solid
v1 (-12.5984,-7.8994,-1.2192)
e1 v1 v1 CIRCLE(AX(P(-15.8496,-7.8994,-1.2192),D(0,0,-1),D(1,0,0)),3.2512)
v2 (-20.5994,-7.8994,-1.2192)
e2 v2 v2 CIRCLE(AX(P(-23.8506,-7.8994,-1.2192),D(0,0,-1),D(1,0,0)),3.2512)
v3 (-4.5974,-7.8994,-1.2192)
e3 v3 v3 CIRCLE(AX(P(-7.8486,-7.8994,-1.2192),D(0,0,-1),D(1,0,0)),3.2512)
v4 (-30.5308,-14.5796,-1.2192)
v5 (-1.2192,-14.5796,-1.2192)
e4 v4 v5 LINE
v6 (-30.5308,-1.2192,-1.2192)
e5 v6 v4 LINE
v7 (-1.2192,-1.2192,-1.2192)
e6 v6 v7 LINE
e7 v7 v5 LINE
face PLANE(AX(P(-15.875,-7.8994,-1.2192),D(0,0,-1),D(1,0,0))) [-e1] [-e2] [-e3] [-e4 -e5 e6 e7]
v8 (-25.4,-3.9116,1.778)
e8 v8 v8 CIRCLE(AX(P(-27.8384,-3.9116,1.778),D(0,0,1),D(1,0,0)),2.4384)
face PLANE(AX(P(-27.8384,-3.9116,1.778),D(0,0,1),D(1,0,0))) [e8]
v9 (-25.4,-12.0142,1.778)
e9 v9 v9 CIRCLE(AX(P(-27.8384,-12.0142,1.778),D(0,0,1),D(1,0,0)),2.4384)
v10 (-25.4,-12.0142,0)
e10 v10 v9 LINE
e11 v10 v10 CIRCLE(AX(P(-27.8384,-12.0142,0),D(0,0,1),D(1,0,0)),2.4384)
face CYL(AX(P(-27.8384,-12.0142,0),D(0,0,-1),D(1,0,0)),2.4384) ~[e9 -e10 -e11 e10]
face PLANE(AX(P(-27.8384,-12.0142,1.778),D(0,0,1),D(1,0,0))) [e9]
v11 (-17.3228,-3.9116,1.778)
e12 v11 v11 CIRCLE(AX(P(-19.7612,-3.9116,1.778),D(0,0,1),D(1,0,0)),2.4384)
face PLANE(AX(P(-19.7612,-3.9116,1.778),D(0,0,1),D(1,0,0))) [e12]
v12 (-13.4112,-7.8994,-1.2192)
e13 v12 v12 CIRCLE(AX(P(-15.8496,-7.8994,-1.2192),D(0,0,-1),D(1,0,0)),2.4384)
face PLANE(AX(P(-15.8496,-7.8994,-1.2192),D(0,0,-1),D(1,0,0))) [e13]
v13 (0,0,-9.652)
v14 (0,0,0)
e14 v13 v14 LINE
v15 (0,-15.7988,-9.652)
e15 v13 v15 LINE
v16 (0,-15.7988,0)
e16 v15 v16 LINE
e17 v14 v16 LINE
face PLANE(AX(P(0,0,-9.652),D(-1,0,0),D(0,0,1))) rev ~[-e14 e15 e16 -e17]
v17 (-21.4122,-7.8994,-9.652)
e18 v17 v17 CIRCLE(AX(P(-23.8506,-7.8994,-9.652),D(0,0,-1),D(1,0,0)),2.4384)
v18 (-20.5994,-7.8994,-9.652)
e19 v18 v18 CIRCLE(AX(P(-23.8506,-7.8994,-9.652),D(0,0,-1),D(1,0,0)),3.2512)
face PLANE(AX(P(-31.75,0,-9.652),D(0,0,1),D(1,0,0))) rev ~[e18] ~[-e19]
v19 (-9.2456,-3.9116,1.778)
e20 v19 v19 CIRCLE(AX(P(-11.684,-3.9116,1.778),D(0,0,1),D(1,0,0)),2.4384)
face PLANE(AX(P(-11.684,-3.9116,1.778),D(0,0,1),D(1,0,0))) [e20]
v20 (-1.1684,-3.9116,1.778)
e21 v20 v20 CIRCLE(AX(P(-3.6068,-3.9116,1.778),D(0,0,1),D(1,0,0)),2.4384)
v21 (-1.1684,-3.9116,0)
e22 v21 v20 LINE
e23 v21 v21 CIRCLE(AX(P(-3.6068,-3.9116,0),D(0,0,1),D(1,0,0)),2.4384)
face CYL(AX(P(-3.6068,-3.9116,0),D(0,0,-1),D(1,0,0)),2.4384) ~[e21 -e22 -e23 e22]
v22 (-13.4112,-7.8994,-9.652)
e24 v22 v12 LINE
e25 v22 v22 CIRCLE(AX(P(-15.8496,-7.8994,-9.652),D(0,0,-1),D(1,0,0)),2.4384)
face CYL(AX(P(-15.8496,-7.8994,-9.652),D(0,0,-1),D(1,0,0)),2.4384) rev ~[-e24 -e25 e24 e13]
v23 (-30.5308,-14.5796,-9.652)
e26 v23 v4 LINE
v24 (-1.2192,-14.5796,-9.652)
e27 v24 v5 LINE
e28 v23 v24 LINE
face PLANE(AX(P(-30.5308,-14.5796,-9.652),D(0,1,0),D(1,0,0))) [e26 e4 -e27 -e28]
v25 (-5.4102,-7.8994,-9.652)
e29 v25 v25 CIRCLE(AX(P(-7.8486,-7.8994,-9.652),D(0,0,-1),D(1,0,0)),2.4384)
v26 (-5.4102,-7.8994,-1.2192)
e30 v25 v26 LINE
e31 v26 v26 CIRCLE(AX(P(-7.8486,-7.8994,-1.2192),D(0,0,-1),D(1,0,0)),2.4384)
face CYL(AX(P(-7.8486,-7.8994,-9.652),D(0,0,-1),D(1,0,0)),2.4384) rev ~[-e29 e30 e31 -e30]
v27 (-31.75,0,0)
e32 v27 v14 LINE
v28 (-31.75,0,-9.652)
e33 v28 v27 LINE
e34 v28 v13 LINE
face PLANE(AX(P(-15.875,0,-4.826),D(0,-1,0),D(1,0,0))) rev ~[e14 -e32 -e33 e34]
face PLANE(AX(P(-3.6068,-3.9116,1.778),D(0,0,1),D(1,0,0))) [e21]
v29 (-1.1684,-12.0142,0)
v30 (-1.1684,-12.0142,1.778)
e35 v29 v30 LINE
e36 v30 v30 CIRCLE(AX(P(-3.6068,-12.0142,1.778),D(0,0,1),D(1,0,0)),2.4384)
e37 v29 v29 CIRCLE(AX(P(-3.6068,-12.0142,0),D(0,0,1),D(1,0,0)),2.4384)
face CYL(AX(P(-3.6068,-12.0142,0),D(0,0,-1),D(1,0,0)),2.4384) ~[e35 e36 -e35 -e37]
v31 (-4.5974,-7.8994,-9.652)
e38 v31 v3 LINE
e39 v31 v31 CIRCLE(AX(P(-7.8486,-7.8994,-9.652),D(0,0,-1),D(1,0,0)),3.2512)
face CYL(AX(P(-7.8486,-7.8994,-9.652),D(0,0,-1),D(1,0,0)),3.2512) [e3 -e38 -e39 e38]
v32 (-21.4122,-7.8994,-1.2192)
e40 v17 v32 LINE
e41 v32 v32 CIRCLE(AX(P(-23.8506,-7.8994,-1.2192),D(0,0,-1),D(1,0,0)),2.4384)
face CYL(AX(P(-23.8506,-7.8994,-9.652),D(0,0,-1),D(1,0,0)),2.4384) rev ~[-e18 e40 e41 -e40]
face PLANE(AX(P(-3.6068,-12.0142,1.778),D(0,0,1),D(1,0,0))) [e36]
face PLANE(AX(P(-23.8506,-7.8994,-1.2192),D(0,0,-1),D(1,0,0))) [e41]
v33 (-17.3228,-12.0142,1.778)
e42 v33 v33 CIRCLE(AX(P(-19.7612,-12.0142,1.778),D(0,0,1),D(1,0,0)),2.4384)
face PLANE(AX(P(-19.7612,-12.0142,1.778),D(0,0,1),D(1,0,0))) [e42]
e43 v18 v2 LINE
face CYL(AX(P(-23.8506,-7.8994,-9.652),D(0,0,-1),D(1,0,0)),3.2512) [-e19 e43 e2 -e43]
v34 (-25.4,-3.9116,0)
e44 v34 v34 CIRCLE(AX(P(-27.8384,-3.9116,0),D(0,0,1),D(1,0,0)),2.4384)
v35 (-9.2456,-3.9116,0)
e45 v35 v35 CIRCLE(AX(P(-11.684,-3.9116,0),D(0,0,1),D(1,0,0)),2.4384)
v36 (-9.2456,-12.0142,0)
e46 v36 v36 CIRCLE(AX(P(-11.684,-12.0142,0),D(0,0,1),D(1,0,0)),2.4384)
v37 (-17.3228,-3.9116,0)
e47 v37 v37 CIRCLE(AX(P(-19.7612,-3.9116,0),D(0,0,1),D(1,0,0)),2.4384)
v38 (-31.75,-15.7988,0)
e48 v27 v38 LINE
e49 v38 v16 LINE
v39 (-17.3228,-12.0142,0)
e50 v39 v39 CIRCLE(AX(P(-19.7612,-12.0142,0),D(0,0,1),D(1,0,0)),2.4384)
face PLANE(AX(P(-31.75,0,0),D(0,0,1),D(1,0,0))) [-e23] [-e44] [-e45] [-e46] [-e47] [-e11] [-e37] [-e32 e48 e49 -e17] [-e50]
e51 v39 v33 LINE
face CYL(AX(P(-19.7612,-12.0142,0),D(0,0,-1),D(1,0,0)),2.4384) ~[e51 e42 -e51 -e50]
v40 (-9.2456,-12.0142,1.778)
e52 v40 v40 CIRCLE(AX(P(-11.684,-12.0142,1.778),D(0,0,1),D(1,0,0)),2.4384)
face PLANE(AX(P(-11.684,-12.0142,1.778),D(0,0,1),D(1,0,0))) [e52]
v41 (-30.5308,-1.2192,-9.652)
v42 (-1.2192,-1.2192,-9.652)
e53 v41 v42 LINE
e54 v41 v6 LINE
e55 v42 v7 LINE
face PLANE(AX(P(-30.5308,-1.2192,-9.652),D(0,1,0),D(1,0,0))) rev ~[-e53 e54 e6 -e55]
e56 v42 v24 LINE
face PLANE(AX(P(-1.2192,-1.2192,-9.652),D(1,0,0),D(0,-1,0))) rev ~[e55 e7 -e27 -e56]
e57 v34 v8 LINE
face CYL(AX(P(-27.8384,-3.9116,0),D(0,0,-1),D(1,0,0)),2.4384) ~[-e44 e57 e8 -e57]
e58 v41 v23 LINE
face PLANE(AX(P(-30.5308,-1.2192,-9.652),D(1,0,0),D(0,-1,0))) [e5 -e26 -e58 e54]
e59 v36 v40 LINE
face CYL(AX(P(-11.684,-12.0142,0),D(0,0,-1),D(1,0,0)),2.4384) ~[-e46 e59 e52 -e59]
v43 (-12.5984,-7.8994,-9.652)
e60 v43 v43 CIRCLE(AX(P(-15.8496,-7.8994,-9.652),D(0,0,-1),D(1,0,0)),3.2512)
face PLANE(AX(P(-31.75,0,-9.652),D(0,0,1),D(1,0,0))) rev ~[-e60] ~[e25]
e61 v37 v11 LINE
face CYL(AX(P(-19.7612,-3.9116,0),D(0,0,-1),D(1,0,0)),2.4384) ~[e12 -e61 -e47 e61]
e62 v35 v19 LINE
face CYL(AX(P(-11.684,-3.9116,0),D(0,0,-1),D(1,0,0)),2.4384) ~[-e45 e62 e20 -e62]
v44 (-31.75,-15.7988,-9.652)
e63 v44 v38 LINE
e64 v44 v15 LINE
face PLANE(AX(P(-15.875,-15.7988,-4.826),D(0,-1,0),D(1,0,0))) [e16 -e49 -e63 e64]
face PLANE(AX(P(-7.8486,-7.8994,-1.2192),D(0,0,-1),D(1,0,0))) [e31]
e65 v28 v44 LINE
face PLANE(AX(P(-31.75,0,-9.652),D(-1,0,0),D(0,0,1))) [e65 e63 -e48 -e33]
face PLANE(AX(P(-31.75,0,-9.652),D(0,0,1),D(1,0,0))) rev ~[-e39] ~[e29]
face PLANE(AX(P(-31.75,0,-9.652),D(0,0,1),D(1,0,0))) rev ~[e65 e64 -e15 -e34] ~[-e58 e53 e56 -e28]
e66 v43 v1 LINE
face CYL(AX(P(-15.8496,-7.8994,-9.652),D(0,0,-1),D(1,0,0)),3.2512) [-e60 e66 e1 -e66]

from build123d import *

# Parameters (mm, degrees)
F0_W     = 31.75
F0_H     = 9.652
F1_DEPTH = 15.7988
F2_R     = 2.4384
F3_DEPTH = 1.778
F4_W     = 29.3116
F4_H     = 13.3604
F4_R     = 3.2512
F4_R_2   = 2.4384
F5_DEPTH = 8.4328


with BuildPart() as f1:
    # F0 (on Front) → F1 (new body)
    with BuildSketch(Plane.XZ):
        with Locations((-15.875, -4.826)):
            Rectangle(F0_W, F0_H)
    extrude(amount=F1_DEPTH)

    # F2 (on face) → F3 (join)
    with BuildSketch(Plane.XY):
        with Locations((-27.8384, -3.9116)):
            Circle(F2_R)
        with Locations((-19.7612, -3.9116)):
            Circle(F2_R)
        with Locations((-11.684, -3.9116)):
            Circle(F2_R)
        with Locations((-3.6068, -3.9116)):
            Circle(F2_R)
        with Locations((-3.6068, -12.0142)):
            Circle(F2_R)
        with Locations((-11.684, -12.0142)):
            Circle(F2_R)
        with Locations((-19.7612, -12.0142)):
            Circle(F2_R)
        with Locations((-27.8384, -12.0142)):
            Circle(F2_R)
    extrude(amount=F3_DEPTH)

    # F4 (on face) → F5 (cut)
    with BuildSketch(Plane(origin=(0, 0, -9.652), x_dir=(1, 0, 0), z_dir=(0, 0, -1))):
        with Locations((-15.875, 7.8994)):
            Rectangle(F4_W, F4_H)
        with Locations((-23.8506, 7.8994)):
            Circle(F4_R, mode=Mode.SUBTRACT)
        with Locations((-15.8496, 7.8994)):
            Circle(F4_R, mode=Mode.SUBTRACT)
        with Locations((-7.8486, 7.8994)):
            Circle(F4_R, mode=Mode.SUBTRACT)
        with Locations((-23.8506, 7.8994)):
            Circle(F4_R_2)
        with Locations((-15.8496, 7.8994)):
            Circle(F4_R_2)
        with Locations((-7.8486, 7.8994)):
            Circle(F4_R_2)
    extrude(amount=-F5_DEPTH, mode=Mode.SUBTRACT)


solid = f1.part
